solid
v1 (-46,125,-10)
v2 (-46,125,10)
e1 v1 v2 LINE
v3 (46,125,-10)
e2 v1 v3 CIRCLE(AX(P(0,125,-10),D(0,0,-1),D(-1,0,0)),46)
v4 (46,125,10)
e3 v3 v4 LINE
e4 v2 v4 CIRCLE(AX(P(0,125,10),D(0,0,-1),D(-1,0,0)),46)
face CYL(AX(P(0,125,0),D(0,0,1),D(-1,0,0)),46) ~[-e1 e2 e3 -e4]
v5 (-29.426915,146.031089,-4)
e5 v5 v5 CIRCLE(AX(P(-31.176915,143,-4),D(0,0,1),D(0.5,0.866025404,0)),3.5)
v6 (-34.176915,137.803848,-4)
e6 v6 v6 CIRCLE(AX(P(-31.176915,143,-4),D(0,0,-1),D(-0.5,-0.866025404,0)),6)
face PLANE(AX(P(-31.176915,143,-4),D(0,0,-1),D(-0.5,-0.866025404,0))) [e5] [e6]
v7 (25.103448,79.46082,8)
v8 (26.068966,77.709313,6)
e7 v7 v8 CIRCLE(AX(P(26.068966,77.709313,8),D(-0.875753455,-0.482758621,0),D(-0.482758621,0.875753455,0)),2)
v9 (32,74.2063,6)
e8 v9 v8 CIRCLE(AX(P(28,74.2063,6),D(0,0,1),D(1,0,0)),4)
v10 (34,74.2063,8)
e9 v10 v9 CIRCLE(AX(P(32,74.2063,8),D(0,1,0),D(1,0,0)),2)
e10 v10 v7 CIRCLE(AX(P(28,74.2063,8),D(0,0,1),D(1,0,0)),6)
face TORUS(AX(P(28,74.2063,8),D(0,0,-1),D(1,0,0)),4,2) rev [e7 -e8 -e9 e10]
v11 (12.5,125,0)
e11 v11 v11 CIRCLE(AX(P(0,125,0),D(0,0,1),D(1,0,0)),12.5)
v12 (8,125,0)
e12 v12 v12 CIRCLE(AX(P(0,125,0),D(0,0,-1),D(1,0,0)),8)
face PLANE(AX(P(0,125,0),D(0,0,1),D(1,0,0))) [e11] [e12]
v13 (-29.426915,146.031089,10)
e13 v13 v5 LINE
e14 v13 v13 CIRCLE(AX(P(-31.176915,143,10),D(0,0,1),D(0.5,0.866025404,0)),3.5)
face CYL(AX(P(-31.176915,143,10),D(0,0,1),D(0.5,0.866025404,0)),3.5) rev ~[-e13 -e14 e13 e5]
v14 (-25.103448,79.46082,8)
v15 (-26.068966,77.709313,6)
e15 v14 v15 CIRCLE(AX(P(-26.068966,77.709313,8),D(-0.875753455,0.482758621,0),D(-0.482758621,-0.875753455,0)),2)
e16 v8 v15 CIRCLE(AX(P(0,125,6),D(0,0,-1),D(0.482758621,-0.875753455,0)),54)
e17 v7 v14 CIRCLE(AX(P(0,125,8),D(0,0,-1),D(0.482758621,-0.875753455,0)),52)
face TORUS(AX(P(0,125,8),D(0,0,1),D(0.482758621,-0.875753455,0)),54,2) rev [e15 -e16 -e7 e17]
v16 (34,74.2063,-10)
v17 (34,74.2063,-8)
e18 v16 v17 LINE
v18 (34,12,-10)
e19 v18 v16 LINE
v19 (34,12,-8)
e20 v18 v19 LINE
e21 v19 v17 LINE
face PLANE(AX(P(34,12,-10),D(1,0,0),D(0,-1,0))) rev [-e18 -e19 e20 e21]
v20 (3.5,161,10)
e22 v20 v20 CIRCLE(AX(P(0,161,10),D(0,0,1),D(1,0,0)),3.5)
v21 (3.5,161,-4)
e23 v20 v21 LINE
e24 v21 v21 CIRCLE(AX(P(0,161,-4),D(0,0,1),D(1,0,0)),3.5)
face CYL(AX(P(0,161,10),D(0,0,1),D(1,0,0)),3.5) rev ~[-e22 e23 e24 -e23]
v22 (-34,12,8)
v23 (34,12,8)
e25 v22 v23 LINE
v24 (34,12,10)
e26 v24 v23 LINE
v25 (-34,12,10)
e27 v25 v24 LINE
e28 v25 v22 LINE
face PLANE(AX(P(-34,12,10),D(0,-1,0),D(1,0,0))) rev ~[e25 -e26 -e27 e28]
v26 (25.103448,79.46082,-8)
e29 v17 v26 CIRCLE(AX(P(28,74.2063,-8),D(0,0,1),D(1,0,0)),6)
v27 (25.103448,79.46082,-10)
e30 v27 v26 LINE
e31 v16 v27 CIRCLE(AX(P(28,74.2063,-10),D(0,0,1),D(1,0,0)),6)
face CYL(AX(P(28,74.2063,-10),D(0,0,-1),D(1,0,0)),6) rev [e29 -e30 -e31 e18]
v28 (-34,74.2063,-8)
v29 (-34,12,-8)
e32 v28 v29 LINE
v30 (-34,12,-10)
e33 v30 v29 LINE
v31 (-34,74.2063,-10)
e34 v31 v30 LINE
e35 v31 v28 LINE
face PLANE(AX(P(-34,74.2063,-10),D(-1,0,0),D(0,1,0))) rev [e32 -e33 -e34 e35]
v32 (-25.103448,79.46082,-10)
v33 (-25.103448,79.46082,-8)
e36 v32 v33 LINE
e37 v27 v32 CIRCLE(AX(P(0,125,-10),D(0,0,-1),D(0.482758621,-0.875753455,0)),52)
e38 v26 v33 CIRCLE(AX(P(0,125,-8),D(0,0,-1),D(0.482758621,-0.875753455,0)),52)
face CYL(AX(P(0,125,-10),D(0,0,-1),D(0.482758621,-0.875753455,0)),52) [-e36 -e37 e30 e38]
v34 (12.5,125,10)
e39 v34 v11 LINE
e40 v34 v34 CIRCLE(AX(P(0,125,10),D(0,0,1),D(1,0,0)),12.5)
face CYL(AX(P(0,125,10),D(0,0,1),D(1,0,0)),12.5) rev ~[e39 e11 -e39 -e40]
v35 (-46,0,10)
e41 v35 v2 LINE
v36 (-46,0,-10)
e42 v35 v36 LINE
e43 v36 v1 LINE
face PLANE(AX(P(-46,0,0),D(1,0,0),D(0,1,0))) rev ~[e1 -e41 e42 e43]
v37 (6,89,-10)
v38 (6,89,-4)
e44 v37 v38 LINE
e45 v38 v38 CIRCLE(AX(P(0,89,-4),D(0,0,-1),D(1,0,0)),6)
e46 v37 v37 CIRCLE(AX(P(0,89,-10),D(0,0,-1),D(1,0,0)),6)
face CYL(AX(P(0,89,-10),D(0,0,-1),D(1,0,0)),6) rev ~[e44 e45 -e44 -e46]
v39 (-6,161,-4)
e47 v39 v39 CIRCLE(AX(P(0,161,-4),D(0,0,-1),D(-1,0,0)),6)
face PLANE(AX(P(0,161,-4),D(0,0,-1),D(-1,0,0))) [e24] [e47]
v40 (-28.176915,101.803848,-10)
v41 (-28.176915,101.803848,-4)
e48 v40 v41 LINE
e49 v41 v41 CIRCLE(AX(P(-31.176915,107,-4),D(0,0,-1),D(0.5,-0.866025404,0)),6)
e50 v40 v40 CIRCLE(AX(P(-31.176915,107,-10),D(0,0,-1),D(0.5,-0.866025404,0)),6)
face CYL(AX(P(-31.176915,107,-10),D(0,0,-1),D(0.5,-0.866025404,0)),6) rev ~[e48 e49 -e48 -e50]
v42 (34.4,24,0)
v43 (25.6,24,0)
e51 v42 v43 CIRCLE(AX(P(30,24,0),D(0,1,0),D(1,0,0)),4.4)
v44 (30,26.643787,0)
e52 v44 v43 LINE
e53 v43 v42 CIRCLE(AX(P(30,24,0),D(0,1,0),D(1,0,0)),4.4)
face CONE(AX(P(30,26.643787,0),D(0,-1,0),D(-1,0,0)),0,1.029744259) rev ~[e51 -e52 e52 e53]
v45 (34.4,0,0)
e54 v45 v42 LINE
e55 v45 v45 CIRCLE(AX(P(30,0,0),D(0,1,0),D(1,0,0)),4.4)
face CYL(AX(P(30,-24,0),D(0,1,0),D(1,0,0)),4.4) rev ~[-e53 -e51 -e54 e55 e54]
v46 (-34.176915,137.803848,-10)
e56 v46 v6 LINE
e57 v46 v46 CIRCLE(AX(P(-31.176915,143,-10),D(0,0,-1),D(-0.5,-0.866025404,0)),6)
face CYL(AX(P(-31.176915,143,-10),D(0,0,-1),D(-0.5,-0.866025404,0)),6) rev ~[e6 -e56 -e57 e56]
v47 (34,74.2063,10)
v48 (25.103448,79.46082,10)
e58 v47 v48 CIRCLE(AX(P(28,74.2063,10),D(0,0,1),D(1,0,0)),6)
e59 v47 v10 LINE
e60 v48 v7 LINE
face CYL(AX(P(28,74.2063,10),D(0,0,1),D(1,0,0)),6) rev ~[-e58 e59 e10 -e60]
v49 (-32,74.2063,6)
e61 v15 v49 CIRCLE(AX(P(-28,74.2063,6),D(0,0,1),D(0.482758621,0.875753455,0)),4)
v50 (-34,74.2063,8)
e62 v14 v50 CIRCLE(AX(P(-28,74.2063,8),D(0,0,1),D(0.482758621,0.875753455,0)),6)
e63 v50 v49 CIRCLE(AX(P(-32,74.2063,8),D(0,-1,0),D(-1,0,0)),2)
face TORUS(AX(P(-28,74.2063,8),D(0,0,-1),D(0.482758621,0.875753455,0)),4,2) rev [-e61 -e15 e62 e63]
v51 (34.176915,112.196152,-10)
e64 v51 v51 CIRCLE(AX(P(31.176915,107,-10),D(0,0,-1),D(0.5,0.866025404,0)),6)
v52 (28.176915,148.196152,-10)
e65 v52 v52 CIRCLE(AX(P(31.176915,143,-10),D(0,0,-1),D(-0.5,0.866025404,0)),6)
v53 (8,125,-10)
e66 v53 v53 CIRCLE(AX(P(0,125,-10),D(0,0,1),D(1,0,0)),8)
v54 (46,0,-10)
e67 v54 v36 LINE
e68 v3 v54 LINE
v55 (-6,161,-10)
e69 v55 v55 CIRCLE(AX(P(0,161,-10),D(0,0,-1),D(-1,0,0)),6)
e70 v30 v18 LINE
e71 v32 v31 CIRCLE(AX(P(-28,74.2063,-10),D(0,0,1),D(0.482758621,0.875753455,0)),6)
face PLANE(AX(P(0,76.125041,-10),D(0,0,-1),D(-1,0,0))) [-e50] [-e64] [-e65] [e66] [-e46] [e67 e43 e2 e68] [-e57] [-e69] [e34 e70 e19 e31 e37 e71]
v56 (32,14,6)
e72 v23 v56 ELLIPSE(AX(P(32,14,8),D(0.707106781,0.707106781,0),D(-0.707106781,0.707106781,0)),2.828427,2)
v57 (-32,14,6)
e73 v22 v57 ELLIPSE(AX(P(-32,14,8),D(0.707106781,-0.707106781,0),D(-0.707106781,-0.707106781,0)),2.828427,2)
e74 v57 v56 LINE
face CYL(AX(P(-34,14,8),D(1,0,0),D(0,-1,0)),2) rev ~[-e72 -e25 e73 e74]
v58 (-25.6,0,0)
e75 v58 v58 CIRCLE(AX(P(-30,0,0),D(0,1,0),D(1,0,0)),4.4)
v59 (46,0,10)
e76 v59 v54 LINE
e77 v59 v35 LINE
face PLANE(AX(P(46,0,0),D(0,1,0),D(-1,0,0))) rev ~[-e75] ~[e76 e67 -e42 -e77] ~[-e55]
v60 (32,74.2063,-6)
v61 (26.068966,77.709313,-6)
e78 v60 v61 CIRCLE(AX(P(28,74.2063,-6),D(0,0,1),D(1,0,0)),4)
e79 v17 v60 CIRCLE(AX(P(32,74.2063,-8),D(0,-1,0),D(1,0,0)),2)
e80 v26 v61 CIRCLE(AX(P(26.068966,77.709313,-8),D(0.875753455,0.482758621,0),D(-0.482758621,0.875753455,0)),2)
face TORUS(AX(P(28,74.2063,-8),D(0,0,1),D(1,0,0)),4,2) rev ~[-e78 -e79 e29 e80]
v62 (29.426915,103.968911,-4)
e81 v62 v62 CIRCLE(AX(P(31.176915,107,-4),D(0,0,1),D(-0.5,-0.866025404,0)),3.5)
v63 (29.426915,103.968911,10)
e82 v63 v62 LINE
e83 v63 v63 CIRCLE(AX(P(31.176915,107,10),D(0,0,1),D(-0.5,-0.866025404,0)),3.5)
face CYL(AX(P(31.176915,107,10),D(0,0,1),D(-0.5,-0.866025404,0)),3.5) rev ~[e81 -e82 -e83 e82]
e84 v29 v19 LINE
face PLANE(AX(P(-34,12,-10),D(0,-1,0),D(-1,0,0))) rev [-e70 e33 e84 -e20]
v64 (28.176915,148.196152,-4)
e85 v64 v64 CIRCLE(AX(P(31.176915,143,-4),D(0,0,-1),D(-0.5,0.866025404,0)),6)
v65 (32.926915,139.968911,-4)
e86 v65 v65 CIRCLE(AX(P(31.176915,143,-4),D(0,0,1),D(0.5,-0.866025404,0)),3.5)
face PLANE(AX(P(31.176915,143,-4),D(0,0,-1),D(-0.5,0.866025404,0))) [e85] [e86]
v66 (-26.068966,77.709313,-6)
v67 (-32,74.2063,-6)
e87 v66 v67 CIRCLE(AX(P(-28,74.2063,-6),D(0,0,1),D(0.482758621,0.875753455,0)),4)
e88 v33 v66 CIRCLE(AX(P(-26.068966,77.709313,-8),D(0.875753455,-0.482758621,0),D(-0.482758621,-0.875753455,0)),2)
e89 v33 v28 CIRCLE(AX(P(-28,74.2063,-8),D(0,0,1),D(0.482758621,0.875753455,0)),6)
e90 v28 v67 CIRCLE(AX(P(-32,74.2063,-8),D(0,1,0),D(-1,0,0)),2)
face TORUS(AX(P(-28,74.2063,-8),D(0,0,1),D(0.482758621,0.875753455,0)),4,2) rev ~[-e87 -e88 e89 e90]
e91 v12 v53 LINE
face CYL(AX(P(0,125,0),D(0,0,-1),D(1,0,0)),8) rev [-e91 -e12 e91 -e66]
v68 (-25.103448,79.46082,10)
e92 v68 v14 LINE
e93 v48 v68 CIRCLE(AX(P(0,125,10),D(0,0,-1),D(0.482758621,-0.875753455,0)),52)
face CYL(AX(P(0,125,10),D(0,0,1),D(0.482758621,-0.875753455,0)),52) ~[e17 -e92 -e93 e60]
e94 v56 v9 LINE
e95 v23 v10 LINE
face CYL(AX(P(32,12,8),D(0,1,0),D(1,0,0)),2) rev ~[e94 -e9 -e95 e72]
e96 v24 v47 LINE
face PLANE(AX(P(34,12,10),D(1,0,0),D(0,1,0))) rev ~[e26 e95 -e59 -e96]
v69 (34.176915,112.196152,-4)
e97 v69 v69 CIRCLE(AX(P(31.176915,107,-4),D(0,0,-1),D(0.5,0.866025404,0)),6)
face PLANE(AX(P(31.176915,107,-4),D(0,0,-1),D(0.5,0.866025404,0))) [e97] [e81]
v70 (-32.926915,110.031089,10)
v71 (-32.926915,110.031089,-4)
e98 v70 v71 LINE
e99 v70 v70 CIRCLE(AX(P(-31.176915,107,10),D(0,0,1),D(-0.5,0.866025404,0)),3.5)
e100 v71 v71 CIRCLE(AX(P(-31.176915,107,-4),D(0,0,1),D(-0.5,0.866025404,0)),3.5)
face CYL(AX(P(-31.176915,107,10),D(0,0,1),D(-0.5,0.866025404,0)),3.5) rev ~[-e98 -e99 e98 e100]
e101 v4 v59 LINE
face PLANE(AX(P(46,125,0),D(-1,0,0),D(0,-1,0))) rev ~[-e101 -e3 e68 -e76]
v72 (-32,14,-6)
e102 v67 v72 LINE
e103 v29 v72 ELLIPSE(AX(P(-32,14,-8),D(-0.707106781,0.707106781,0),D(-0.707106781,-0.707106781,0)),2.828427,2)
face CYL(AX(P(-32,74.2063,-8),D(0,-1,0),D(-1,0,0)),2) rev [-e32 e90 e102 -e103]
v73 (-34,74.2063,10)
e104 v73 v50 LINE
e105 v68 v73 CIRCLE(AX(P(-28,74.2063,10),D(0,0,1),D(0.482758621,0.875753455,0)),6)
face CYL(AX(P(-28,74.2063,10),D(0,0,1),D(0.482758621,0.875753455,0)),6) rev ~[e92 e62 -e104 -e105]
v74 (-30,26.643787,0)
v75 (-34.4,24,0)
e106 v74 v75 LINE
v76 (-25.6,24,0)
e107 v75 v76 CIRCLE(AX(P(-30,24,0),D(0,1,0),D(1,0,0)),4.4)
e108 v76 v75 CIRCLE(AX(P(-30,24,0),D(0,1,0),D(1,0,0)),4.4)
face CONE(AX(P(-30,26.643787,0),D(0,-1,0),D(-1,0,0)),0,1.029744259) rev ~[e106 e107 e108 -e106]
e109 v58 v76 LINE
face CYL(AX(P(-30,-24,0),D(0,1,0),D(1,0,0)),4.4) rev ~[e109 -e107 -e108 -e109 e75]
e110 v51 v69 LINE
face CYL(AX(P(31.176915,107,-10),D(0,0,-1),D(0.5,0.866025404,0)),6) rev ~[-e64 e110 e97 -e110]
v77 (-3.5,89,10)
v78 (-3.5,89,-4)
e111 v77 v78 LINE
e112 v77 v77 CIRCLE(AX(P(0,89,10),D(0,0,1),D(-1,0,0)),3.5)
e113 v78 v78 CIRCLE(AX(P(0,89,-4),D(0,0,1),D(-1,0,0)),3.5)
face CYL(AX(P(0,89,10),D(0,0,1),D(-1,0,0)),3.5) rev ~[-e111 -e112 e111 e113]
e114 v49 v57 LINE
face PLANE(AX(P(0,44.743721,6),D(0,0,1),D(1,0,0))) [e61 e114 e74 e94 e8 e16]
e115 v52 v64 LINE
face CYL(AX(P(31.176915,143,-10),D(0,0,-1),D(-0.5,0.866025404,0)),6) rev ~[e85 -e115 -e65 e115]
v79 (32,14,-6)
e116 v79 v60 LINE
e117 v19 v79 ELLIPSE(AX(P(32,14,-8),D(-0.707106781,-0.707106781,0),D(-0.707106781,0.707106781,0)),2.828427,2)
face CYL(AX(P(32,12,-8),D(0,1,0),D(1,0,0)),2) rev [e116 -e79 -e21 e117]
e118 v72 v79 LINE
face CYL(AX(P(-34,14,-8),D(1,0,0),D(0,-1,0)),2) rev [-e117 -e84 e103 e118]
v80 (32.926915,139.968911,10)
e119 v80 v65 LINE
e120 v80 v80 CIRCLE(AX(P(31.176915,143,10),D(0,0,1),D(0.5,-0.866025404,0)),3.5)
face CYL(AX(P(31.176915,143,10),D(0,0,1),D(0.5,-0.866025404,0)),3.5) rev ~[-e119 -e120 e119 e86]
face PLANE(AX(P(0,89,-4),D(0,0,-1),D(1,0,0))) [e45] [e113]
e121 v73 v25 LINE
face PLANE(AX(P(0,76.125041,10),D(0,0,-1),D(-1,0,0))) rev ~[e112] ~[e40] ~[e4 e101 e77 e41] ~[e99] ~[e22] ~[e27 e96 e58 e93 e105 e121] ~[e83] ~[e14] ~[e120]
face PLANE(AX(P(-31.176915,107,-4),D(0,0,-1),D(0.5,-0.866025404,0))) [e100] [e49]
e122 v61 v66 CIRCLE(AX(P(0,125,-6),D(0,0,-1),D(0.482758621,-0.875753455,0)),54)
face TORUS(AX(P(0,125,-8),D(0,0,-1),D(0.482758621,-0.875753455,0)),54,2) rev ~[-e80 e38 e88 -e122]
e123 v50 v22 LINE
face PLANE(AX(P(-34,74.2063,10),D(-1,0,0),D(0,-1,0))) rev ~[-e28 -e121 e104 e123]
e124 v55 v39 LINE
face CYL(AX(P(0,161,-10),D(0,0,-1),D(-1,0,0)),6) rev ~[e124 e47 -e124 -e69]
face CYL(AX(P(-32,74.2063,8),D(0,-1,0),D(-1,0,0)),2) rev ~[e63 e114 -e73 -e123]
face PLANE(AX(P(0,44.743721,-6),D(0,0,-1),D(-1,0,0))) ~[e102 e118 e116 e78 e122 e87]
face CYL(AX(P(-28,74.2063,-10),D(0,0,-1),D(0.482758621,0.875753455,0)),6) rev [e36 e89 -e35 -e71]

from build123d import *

# Parameters (mm, degrees)
SKETCH1_R                         = 8
BOSS_EXTRUDE1_DEPTH               = 10
SKETCH2_R                         = 12.5
CUT_EXTRUDE1_DEPTH                = 10
SKETCH3_R                         = 3.5
CUT_EXTRUDE2_DEPTH                = 21
SKETCH4_R                         = 6
CUT_EXTRUDE3_DEPTH                = 6
CIRPATTERN1_COUNT                 = 6
TAP_DRILL_FOR_M10X1_25_TAP2_D     = 8.8
TAP_DRILL_FOR_M10X1_25_TAP2_DEPTH = 24
TAP_DRILL_FOR_M10X1_25_TAP2_TIP   = 2.643786724
CUT_EXTRUDE4_DEPTH                = 4
FILLET1_R                         = 2
FILLET1_OF_MIRROR1_R              = 2


with BuildPart() as part:
    # Sketch1 → Boss-Extrude1 (new body, symmetric)
    with BuildSketch(Plane.XY):
        with BuildLine():
            Line((46, 125), (46, 0))
            Line((46, 0), (-46, 0))
            Line((-46, 0), (-46, 125))
            ThreePointArc((-46, 125), (0, 171), (46, 125))
        make_face()
        with Locations((0, 125)):
            Circle(SKETCH1_R, mode=Mode.SUBTRACT)
    extrude(amount=BOSS_EXTRUDE1_DEPTH, both=True)

    # Sketch2 → Cut-Extrude1 (cut)
    with BuildSketch(Plane.XY.offset(10)):
        with Locations((0, 125)):
            Circle(SKETCH2_R)
    extrude(amount=-CUT_EXTRUDE1_DEPTH, mode=Mode.SUBTRACT)

    # Sketch3 → Cut-Extrude2 (cut, through all)
    with BuildSketch(Plane.XY.offset(10)):
        with Locations((0, 161)):
            Circle(SKETCH3_R)
    cut_extrude2 = extrude(amount=-CUT_EXTRUDE2_DEPTH, mode=Mode.SUBTRACT)

    # Sketch4 → Cut-Extrude3 (cut)
    with BuildSketch(Plane(origin=(0, 0, -10), x_dir=(-1, 0, 0), z_dir=(0, 0, -1))):
        with Locations((0, 161)):
            Circle(SKETCH4_R)
    cut_extrude3 = extrude(amount=-CUT_EXTRUDE3_DEPTH, mode=Mode.SUBTRACT)

    # CirPattern1: Cut-Extrude2, Cut-Extrude3 ×6 about axis
    cirpattern1_axis = Axis((0, 125, 0), (0, 0, 1))
    for i in range(1, CIRPATTERN1_COUNT):
        add(cut_extrude2.rotate(cirpattern1_axis, i * 360 / CIRPATTERN1_COUNT), mode=Mode.SUBTRACT)
        add(cut_extrude3.rotate(cirpattern1_axis, i * 360 / CIRPATTERN1_COUNT), mode=Mode.SUBTRACT)

    # Tap Drill for M10x1.25 Tap2
    with Locations(Plane(origin=(0, 0, 0), x_dir=(-1, 0, 0), z_dir=(0, -1, 0))):
        with Locations((30, 0), (-30, 0)):
            Hole(TAP_DRILL_FOR_M10X1_25_TAP2_D / 2, depth=TAP_DRILL_FOR_M10X1_25_TAP2_DEPTH)
            with Locations((0, 0, -(TAP_DRILL_FOR_M10X1_25_TAP2_DEPTH + TAP_DRILL_FOR_M10X1_25_TAP2_TIP / 2))):  # 118° drill point
                Cone(0, TAP_DRILL_FOR_M10X1_25_TAP2_D / 2, TAP_DRILL_FOR_M10X1_25_TAP2_TIP, mode=Mode.SUBTRACT)

    # Sketch11 → Cut-Extrude4 (cut)
    with BuildSketch(Plane.XY.offset(10)):
        with BuildLine():
            Line((-34, 74.206299603), (-34, 12))
            Line((-34, 12), (34, 12))
            Line((34, 12), (34, 74.206299603))
            ThreePointArc((34, 74.206299603), (31.051285766, 79.372502771), (25.103448276, 79.460820334))
            ThreePointArc((25.103448276, 79.460820334), (0, 73), (-25.103448276, 79.460820334))
            ThreePointArc((-25.103448276, 79.460820334), (-31.051285766, 79.372502771), (-34, 74.206299603))
        make_face()
    cut_extrude4 = extrude(amount=-CUT_EXTRUDE4_DEPTH, mode=Mode.SUBTRACT)

    # Fillet1
    fillet1_edges = [part.edges().sort_by_distance(p)[0] for p in [
        (31.051285766, 79.372502771, 6),
        (34, 43.103149802, 6),
        (0, 12, 6),
        (-34, 43.103149802, 6),
        (-31.051285766, 79.372502771, 6),
        (0, 73, 6),
    ]]
    fillet(fillet1_edges, radius=FILLET1_R)

    # Mirror1: Cut-Extrude4 across plane
    add(cut_extrude4.mirror(Plane.XY), mode=Mode.SUBTRACT)

    # Fillet1 of Mirror1
    fillet1_of_mirror1_edges = [part.edges().sort_by_distance(p)[0] for p in [
        (31.051285766, 79.372502771, -6),
        (34, 43.103149802, -6),
        (0, 12, -6),
        (-34, 43.103149802, -6),
        (-31.051285766, 79.372502771, -6),
        (0, 73, -6),
    ]]
    fillet(fillet1_of_mirror1_edges, radius=FILLET1_OF_MIRROR1_R)


solid = part.part
